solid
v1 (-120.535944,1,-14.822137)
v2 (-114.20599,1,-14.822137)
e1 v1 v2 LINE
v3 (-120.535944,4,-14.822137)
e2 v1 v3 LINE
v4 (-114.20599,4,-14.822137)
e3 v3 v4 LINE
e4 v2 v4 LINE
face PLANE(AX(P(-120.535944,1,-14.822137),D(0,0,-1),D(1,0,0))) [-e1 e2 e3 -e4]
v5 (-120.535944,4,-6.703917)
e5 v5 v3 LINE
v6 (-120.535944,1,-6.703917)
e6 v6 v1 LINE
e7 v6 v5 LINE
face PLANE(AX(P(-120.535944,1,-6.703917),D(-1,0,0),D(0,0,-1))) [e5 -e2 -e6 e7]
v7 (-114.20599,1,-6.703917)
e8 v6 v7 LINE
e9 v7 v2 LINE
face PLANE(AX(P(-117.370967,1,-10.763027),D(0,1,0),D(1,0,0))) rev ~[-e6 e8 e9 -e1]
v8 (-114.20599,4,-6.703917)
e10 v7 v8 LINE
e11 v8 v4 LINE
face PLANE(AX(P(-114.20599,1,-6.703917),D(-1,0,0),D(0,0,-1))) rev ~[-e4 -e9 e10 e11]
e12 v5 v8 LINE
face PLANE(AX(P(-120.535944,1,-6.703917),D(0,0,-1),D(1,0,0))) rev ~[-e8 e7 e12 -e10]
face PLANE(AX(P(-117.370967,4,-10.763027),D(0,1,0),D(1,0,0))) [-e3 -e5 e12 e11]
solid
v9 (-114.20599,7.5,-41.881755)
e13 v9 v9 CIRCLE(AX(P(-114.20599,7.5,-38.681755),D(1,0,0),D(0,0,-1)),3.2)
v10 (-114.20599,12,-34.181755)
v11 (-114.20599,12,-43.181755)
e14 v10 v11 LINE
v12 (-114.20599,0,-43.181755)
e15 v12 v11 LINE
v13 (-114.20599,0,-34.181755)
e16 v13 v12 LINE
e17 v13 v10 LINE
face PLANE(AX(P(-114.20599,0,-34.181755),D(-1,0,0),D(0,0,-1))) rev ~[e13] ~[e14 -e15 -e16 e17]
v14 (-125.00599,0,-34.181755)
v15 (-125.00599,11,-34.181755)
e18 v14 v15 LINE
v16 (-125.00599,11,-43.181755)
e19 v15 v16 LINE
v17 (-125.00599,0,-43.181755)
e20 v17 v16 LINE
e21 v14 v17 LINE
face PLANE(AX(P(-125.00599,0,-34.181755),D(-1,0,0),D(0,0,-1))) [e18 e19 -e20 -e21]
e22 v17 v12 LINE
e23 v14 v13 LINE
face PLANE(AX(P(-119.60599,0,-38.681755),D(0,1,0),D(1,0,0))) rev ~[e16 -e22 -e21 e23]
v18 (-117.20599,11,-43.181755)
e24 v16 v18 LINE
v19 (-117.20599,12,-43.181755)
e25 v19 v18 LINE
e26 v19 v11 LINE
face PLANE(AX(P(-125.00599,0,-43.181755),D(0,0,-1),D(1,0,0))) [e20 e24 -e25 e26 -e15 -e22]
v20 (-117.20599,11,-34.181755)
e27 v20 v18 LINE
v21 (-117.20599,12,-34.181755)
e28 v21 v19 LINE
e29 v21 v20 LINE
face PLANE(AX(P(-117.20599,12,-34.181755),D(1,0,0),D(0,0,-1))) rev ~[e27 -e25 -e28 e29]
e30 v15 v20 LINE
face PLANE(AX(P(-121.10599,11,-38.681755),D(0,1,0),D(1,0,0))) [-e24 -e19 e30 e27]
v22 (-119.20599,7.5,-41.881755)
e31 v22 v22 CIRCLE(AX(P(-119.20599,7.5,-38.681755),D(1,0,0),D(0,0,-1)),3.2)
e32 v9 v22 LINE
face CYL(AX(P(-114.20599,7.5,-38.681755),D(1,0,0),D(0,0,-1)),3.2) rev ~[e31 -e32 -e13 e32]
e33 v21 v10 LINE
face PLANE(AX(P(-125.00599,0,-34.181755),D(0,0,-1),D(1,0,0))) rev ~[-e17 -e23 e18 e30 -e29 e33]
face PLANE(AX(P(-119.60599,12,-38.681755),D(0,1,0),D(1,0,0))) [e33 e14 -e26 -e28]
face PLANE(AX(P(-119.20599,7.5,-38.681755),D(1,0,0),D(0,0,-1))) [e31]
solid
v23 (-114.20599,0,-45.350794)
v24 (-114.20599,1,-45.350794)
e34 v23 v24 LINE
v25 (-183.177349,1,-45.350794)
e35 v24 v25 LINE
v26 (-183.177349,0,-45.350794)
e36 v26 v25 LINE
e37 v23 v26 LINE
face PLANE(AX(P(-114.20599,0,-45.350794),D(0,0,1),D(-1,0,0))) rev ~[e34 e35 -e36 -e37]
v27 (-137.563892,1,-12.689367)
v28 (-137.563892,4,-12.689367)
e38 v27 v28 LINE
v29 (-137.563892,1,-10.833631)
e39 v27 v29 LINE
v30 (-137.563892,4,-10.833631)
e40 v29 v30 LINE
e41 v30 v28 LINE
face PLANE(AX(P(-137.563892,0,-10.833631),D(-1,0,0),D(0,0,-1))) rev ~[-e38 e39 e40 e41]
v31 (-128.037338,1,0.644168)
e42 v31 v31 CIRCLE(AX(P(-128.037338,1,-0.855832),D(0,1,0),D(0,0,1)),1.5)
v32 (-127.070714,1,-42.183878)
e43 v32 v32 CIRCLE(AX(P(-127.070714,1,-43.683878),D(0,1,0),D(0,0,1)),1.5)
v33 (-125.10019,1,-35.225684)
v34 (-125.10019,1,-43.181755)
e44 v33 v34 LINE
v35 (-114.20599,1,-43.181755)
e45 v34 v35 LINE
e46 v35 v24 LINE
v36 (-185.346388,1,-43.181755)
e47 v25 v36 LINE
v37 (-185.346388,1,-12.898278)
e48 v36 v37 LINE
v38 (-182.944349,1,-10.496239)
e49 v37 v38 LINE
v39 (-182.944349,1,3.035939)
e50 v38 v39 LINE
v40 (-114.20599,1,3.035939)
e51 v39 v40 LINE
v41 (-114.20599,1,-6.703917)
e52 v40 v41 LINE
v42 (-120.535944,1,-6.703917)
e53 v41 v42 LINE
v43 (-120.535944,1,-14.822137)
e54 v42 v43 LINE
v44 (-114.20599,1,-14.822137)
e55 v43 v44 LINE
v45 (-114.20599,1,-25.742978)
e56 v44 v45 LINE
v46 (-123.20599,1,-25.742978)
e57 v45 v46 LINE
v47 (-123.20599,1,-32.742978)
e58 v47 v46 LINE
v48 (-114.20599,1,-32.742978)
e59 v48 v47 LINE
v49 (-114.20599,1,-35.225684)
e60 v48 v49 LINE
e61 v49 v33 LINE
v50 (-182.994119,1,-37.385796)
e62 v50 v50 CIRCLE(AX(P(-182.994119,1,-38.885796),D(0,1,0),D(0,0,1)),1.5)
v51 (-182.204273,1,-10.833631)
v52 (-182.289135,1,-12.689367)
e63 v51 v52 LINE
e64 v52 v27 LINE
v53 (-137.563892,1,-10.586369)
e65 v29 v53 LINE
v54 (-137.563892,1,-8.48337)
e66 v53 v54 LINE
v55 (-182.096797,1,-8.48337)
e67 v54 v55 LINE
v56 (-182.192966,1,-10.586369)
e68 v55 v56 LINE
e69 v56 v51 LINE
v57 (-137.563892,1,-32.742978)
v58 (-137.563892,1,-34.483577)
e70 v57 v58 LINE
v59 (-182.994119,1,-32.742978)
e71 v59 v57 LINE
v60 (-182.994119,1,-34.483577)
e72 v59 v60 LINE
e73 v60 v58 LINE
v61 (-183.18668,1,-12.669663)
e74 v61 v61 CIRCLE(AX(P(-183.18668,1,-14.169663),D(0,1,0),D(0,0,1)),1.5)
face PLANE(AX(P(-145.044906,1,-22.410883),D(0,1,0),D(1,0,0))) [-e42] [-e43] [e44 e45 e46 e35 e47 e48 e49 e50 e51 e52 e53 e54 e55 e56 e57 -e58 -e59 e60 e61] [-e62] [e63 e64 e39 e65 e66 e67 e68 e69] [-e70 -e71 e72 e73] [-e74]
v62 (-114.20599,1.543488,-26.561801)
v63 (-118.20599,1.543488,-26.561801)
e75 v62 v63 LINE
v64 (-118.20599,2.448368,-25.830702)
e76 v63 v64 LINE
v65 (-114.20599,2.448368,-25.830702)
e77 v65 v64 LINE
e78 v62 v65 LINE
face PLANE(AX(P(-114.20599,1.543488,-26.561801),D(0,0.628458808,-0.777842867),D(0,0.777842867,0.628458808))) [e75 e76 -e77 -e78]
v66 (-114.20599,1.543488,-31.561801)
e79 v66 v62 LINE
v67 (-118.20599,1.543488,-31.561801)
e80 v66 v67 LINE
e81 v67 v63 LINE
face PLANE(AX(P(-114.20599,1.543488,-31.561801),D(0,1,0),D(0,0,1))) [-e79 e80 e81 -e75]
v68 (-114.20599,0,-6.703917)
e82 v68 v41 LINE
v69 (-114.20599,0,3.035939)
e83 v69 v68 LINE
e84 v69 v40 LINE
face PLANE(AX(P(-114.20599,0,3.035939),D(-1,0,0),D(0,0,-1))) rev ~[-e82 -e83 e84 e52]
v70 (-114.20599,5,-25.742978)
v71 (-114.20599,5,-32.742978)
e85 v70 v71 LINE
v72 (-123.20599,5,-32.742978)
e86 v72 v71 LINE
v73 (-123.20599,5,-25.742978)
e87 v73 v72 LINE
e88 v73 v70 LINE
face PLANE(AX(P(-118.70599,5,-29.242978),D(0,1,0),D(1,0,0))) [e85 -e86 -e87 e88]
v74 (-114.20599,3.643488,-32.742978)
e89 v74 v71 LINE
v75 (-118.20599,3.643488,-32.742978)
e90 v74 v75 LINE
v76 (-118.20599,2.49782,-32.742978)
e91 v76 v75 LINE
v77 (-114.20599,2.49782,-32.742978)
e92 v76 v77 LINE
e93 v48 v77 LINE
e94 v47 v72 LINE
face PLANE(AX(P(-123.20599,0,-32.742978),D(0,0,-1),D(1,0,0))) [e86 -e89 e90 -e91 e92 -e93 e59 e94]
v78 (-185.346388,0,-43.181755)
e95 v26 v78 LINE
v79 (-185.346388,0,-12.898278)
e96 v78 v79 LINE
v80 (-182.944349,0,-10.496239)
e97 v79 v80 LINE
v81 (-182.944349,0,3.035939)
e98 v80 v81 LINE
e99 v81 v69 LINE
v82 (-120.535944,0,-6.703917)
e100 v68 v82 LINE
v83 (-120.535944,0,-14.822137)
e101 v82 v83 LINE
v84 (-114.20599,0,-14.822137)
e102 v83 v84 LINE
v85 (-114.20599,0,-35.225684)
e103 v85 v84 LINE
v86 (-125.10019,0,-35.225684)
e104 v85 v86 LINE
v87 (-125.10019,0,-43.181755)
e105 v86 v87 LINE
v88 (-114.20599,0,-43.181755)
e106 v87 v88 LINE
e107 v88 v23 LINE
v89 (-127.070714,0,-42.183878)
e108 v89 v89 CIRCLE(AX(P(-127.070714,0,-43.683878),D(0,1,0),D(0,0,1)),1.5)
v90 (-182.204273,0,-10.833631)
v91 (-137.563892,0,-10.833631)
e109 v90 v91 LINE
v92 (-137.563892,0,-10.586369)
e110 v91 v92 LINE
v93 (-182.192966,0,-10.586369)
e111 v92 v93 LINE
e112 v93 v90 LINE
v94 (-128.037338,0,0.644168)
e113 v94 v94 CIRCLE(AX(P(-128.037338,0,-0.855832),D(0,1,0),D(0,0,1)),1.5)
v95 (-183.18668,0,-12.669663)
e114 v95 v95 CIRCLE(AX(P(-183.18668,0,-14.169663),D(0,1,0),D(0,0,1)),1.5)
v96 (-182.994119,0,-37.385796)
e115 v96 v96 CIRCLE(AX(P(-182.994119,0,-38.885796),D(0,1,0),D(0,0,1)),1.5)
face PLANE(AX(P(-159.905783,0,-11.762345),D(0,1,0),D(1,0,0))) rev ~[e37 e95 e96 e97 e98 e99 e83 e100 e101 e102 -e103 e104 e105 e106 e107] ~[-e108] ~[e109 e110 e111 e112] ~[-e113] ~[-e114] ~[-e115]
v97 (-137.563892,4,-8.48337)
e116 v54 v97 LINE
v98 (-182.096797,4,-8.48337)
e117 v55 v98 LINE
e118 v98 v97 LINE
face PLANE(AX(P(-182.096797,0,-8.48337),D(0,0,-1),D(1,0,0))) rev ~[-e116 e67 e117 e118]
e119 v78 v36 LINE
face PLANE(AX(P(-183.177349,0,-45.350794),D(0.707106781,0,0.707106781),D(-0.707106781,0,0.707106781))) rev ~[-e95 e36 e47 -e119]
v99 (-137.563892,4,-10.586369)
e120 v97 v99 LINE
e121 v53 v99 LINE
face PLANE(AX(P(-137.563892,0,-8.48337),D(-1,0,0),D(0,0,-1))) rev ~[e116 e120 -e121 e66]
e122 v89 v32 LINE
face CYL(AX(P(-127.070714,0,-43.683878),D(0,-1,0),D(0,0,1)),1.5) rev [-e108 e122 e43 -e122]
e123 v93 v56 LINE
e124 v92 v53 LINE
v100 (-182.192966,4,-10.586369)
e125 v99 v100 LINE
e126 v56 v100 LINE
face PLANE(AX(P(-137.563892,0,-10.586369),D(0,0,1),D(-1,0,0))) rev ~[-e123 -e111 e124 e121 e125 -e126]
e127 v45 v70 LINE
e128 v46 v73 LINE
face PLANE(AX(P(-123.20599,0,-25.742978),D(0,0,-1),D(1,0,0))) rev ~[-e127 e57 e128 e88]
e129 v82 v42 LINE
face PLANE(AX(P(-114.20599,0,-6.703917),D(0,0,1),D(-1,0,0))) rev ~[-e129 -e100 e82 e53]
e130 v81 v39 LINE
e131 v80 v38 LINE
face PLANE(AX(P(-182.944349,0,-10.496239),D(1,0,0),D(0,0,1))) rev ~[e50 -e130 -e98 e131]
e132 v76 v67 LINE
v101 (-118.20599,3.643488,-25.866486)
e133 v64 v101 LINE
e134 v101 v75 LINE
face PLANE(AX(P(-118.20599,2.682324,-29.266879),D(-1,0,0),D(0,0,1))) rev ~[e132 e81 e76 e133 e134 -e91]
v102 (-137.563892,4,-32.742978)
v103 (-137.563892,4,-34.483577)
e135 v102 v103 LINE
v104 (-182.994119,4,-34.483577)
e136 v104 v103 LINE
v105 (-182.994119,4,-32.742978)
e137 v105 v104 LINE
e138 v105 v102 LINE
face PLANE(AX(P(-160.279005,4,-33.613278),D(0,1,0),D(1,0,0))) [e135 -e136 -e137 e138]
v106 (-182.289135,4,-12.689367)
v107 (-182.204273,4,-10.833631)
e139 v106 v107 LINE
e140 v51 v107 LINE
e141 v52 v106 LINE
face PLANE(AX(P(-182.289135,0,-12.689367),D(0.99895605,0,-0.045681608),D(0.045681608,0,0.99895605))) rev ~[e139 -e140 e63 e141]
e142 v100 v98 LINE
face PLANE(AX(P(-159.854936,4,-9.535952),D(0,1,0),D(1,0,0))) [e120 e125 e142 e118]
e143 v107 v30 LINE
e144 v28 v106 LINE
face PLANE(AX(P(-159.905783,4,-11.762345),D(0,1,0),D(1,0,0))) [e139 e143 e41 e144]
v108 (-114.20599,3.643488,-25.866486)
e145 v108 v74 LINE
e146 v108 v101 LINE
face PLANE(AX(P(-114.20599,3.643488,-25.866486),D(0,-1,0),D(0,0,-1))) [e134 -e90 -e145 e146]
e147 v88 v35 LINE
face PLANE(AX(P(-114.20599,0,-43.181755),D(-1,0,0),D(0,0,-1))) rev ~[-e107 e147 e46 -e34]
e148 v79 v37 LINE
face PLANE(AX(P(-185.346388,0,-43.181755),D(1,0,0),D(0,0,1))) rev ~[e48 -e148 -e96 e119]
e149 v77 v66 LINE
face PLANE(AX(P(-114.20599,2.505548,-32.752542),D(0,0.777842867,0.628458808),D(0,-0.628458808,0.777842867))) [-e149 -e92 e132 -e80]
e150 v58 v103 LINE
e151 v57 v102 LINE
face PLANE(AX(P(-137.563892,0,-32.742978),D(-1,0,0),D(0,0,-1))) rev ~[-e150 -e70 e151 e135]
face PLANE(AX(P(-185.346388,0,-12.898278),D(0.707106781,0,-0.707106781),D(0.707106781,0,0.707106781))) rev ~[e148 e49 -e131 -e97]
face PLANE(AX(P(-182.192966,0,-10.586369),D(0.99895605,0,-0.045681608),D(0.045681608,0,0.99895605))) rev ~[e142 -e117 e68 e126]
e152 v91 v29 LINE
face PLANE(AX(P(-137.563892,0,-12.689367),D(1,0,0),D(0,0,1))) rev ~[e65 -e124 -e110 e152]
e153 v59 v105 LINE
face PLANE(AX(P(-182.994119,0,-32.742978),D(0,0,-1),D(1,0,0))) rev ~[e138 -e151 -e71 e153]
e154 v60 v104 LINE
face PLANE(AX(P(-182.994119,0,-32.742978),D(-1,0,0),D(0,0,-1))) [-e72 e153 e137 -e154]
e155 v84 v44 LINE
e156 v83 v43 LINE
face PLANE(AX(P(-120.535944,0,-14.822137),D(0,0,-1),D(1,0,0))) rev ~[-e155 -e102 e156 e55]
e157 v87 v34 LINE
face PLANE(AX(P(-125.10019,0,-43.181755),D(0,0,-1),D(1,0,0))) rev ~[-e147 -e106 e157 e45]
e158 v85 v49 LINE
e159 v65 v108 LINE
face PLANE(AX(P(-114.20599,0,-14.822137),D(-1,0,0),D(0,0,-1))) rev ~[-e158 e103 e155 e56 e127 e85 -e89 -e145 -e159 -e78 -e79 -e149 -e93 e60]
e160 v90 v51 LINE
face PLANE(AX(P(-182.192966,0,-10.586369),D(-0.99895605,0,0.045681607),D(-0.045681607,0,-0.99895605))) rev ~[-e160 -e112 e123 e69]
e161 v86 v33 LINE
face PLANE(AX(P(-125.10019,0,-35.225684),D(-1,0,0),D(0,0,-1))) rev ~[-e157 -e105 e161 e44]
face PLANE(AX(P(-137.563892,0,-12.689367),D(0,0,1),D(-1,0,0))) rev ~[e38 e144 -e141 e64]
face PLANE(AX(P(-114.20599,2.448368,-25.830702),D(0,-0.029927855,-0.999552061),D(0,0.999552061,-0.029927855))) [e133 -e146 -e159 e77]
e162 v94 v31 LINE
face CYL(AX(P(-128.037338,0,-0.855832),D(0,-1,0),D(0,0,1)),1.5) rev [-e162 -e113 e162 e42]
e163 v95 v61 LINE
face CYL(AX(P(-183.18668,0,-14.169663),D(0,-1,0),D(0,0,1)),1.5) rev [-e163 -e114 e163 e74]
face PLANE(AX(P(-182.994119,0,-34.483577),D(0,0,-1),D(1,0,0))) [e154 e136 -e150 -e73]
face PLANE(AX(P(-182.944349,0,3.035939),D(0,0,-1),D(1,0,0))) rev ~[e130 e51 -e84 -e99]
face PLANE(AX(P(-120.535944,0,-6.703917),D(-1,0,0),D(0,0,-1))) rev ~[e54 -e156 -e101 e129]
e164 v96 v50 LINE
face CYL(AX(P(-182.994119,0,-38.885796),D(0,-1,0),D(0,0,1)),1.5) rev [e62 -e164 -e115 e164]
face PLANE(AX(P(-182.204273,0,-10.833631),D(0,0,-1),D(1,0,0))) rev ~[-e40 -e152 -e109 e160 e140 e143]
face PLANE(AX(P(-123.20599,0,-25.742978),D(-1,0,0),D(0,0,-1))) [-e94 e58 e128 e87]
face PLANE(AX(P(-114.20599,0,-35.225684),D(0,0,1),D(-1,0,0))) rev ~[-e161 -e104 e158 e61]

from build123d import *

# Parameters (mm, degrees)
CROQUIS2_R                   = 1.5
CROQUIS2_W                   = 45.430226109
CROQUIS2_H                   = 1.74059968
SALIENTE_EXTRUIR2_DEPTH      = 1
SALIENTE_EXTRUIR5_DEPTH      = 11
SALIENTE_EXTRUIR5_DEPTH_BACK = 1
CROQUIS3_W                   = 10.8
CROQUIS3_H                   = 9
CROQUIS4_R                   = 3.2
CORTAR_EXTRUIR1_DEPTH        = 5
CROQUIS5_W                   = 7.8
CROQUIS5_H                   = 9
CORTAR_EXTRUIR2_DEPTH        = 1
SALIENTE_EXTRUIR6_DEPTH      = 4
SALIENTE_EXTRUIR6_DEPTH_BACK = 1
CROQUIS6_W                   = 9
CROQUIS6_H                   = 7
CORTAR_EXTRUIR3_DEPTH        = 4
CROQUIS8_W                   = 6.329954447
CROQUIS8_H                   = 8.118219625
SALIENTE_EXTRUIR7_DEPTH      = 3
SALIENTE_EXTRUIR8_DEPTH      = 3
SALIENTE_EXTRUIR8_DEPTH_BACK = 1
CROQUIS9_W                   = 45.430226109
CROQUIS9_H                   = 1.74059968


with BuildPart() as part:
    # Croquis2 → Saliente-Extruir2 (new body)
    with BuildSketch(Plane(origin=(0, 0, 0), x_dir=(1, 0, 0), z_dir=(0, 1, 0))):
        Polygon((-114.205989543, 45.350793669), (-183.177349022, 45.350793669), (-185.346387965, 43.181754726), (-185.346387965, 12.898278129), (-182.944348972, 10.496239137), (-182.944348972, 8.483369714), (-182.944348972, -3.035939151), (-114.205989543, -3.035939151), (-114.205989543, 6.703917116), (-120.53594399, 6.703917116), (-120.53594399, 14.822136741), (-114.205989543, 14.822136741), (-114.205989543, 25.822407586), (-118.635147944, 25.822407586), (-118.635147944, 32.742977756), (-114.205989543, 32.742977756), (-114.205989543, 35.225683913), (-125.100189967, 35.225683913), (-125.100189967, 43.181754726), (-114.205989543, 43.181754726), align=None)
        with Locations(Location((-183.186680014, 14.169663208, 0), (0, 0, 270))):
            Circle(CROQUIS2_R, mode=Mode.SUBTRACT)
        Polygon((-182.192965891, 10.586368559), (-182.289134654, 12.689367405), (-137.563892409, 12.689367405), (-137.563892409, 10.586368559), (-137.563892409, 8.483369714), (-182.096797127, 8.483369714), align=None, mode=Mode.SUBTRACT)
        with Locations(Location((-128.03733826, 0.855831955, 0), (0, 0, 270))):
            Circle(CROQUIS2_R, mode=Mode.SUBTRACT)
        with Locations(Location((-182.994118518, 38.885795922, 0), (0, 0, 270))):
            Circle(CROQUIS2_R, mode=Mode.SUBTRACT)
        with Locations((-160.279005464, 33.613277596)):
            Rectangle(CROQUIS2_W, CROQUIS2_H, mode=Mode.SUBTRACT)
        with Locations(Location((-127.070714237, 43.683877878, 0), (0, 0, 270))):
            Circle(CROQUIS2_R, mode=Mode.SUBTRACT)
    extrude(amount=SALIENTE_EXTRUIR2_DEPTH)

    # Croquis6 → Saliente-Extruir6 (add, two sides: drawn at the far end of the back side and taken through both)
    with BuildSketch(Plane(origin=(0, 1, 0), x_dir=(1, 0, 0), z_dir=(0, 1, 0)).offset(-SALIENTE_EXTRUIR6_DEPTH_BACK)):
        with Locations((-118.705989543, 29.242977756)):
            Rectangle(CROQUIS6_W, CROQUIS6_H)
    extrude(amount=SALIENTE_EXTRUIR6_DEPTH + SALIENTE_EXTRUIR6_DEPTH_BACK)

    # Croquis7 → Cortar-Extruir3 (cut)
    with BuildSketch(Plane(origin=(-114.205989543, 0, 0), x_dir=(0, 0, -1), z_dir=(1, 0, 0))):
        Polygon((25.866485873, 3.643487769), (32.752542358, 3.643487769), (32.752542358, 2.505548171), (31.561801116, 1.543487769), (26.561801116, 1.543487769), (25.830702469, 2.448367867), align=None)
    extrude(amount=-CORTAR_EXTRUIR3_DEPTH, mode=Mode.SUBTRACT)

    # Croquis9 → Saliente-Extruir8 (add, two sides: drawn at the far end of the back side and taken through both)
    with BuildSketch(Plane(origin=(0, 1, 0), x_dir=(1, 0, 0), z_dir=(0, 1, 0)).offset(-SALIENTE_EXTRUIR8_DEPTH_BACK)):
        Polygon((-137.563892409, 10.833630724), (-137.563892409, 12.689367405), (-182.289134654, 12.689367405), (-182.204273028, 10.833630724), align=None)
        Polygon((-137.563892409, 8.483369714), (-137.563892409, 10.586368559), (-182.192965891, 10.586368559), (-182.096797127, 8.483369714), align=None)
        with Locations((-160.279005464, 33.613277596)):
            Rectangle(CROQUIS9_W, CROQUIS9_H)
    extrude(amount=SALIENTE_EXTRUIR8_DEPTH + SALIENTE_EXTRUIR8_DEPTH_BACK)


with BuildPart() as body_2:
    # Croquis3 → Saliente-Extruir5 (new, two sides: drawn at the far end of the back side and taken through both)
    with BuildSketch(Plane(origin=(0, 1, 0), x_dir=(1, 0, 0), z_dir=(0, 1, 0)).offset(-SALIENTE_EXTRUIR5_DEPTH_BACK)):
        with Locations((-119.605989543, 38.681754726)):
            Rectangle(CROQUIS3_W, CROQUIS3_H)
    extrude(amount=SALIENTE_EXTRUIR5_DEPTH + SALIENTE_EXTRUIR5_DEPTH_BACK)

    # Croquis4 → Cortar-Extruir1 (cut)
    with BuildSketch(Plane(origin=(-114.205989543, 0, 0), x_dir=(0, 0, -1), z_dir=(1, 0, 0))):
        with Locations((38.681754726, 7.5)):
            Circle(CROQUIS4_R)
    extrude(amount=-CORTAR_EXTRUIR1_DEPTH, mode=Mode.SUBTRACT)

    # Croquis5 → Cortar-Extruir2 (cut)
    with BuildSketch(Plane(origin=(0, 12, 0), x_dir=(1, 0, 0), z_dir=(0, 1, 0))):
        with Locations((-121.105989543, 38.681754726)):
            Rectangle(CROQUIS5_W, CROQUIS5_H)
    extrude(amount=-CORTAR_EXTRUIR2_DEPTH, mode=Mode.SUBTRACT)


with BuildPart() as body_3:
    # Croquis8 → Saliente-Extruir7 (new body)
    with BuildSketch(Plane(origin=(0, 1, 0), x_dir=(1, 0, 0), z_dir=(0, 1, 0))):
        with Locations((-117.370966767, 10.763026929)):
            Rectangle(CROQUIS8_W, CROQUIS8_H)
    extrude(amount=SALIENTE_EXTRUIR7_DEPTH)


solid = Compound([part.part, body_2.part, body_3.part])
